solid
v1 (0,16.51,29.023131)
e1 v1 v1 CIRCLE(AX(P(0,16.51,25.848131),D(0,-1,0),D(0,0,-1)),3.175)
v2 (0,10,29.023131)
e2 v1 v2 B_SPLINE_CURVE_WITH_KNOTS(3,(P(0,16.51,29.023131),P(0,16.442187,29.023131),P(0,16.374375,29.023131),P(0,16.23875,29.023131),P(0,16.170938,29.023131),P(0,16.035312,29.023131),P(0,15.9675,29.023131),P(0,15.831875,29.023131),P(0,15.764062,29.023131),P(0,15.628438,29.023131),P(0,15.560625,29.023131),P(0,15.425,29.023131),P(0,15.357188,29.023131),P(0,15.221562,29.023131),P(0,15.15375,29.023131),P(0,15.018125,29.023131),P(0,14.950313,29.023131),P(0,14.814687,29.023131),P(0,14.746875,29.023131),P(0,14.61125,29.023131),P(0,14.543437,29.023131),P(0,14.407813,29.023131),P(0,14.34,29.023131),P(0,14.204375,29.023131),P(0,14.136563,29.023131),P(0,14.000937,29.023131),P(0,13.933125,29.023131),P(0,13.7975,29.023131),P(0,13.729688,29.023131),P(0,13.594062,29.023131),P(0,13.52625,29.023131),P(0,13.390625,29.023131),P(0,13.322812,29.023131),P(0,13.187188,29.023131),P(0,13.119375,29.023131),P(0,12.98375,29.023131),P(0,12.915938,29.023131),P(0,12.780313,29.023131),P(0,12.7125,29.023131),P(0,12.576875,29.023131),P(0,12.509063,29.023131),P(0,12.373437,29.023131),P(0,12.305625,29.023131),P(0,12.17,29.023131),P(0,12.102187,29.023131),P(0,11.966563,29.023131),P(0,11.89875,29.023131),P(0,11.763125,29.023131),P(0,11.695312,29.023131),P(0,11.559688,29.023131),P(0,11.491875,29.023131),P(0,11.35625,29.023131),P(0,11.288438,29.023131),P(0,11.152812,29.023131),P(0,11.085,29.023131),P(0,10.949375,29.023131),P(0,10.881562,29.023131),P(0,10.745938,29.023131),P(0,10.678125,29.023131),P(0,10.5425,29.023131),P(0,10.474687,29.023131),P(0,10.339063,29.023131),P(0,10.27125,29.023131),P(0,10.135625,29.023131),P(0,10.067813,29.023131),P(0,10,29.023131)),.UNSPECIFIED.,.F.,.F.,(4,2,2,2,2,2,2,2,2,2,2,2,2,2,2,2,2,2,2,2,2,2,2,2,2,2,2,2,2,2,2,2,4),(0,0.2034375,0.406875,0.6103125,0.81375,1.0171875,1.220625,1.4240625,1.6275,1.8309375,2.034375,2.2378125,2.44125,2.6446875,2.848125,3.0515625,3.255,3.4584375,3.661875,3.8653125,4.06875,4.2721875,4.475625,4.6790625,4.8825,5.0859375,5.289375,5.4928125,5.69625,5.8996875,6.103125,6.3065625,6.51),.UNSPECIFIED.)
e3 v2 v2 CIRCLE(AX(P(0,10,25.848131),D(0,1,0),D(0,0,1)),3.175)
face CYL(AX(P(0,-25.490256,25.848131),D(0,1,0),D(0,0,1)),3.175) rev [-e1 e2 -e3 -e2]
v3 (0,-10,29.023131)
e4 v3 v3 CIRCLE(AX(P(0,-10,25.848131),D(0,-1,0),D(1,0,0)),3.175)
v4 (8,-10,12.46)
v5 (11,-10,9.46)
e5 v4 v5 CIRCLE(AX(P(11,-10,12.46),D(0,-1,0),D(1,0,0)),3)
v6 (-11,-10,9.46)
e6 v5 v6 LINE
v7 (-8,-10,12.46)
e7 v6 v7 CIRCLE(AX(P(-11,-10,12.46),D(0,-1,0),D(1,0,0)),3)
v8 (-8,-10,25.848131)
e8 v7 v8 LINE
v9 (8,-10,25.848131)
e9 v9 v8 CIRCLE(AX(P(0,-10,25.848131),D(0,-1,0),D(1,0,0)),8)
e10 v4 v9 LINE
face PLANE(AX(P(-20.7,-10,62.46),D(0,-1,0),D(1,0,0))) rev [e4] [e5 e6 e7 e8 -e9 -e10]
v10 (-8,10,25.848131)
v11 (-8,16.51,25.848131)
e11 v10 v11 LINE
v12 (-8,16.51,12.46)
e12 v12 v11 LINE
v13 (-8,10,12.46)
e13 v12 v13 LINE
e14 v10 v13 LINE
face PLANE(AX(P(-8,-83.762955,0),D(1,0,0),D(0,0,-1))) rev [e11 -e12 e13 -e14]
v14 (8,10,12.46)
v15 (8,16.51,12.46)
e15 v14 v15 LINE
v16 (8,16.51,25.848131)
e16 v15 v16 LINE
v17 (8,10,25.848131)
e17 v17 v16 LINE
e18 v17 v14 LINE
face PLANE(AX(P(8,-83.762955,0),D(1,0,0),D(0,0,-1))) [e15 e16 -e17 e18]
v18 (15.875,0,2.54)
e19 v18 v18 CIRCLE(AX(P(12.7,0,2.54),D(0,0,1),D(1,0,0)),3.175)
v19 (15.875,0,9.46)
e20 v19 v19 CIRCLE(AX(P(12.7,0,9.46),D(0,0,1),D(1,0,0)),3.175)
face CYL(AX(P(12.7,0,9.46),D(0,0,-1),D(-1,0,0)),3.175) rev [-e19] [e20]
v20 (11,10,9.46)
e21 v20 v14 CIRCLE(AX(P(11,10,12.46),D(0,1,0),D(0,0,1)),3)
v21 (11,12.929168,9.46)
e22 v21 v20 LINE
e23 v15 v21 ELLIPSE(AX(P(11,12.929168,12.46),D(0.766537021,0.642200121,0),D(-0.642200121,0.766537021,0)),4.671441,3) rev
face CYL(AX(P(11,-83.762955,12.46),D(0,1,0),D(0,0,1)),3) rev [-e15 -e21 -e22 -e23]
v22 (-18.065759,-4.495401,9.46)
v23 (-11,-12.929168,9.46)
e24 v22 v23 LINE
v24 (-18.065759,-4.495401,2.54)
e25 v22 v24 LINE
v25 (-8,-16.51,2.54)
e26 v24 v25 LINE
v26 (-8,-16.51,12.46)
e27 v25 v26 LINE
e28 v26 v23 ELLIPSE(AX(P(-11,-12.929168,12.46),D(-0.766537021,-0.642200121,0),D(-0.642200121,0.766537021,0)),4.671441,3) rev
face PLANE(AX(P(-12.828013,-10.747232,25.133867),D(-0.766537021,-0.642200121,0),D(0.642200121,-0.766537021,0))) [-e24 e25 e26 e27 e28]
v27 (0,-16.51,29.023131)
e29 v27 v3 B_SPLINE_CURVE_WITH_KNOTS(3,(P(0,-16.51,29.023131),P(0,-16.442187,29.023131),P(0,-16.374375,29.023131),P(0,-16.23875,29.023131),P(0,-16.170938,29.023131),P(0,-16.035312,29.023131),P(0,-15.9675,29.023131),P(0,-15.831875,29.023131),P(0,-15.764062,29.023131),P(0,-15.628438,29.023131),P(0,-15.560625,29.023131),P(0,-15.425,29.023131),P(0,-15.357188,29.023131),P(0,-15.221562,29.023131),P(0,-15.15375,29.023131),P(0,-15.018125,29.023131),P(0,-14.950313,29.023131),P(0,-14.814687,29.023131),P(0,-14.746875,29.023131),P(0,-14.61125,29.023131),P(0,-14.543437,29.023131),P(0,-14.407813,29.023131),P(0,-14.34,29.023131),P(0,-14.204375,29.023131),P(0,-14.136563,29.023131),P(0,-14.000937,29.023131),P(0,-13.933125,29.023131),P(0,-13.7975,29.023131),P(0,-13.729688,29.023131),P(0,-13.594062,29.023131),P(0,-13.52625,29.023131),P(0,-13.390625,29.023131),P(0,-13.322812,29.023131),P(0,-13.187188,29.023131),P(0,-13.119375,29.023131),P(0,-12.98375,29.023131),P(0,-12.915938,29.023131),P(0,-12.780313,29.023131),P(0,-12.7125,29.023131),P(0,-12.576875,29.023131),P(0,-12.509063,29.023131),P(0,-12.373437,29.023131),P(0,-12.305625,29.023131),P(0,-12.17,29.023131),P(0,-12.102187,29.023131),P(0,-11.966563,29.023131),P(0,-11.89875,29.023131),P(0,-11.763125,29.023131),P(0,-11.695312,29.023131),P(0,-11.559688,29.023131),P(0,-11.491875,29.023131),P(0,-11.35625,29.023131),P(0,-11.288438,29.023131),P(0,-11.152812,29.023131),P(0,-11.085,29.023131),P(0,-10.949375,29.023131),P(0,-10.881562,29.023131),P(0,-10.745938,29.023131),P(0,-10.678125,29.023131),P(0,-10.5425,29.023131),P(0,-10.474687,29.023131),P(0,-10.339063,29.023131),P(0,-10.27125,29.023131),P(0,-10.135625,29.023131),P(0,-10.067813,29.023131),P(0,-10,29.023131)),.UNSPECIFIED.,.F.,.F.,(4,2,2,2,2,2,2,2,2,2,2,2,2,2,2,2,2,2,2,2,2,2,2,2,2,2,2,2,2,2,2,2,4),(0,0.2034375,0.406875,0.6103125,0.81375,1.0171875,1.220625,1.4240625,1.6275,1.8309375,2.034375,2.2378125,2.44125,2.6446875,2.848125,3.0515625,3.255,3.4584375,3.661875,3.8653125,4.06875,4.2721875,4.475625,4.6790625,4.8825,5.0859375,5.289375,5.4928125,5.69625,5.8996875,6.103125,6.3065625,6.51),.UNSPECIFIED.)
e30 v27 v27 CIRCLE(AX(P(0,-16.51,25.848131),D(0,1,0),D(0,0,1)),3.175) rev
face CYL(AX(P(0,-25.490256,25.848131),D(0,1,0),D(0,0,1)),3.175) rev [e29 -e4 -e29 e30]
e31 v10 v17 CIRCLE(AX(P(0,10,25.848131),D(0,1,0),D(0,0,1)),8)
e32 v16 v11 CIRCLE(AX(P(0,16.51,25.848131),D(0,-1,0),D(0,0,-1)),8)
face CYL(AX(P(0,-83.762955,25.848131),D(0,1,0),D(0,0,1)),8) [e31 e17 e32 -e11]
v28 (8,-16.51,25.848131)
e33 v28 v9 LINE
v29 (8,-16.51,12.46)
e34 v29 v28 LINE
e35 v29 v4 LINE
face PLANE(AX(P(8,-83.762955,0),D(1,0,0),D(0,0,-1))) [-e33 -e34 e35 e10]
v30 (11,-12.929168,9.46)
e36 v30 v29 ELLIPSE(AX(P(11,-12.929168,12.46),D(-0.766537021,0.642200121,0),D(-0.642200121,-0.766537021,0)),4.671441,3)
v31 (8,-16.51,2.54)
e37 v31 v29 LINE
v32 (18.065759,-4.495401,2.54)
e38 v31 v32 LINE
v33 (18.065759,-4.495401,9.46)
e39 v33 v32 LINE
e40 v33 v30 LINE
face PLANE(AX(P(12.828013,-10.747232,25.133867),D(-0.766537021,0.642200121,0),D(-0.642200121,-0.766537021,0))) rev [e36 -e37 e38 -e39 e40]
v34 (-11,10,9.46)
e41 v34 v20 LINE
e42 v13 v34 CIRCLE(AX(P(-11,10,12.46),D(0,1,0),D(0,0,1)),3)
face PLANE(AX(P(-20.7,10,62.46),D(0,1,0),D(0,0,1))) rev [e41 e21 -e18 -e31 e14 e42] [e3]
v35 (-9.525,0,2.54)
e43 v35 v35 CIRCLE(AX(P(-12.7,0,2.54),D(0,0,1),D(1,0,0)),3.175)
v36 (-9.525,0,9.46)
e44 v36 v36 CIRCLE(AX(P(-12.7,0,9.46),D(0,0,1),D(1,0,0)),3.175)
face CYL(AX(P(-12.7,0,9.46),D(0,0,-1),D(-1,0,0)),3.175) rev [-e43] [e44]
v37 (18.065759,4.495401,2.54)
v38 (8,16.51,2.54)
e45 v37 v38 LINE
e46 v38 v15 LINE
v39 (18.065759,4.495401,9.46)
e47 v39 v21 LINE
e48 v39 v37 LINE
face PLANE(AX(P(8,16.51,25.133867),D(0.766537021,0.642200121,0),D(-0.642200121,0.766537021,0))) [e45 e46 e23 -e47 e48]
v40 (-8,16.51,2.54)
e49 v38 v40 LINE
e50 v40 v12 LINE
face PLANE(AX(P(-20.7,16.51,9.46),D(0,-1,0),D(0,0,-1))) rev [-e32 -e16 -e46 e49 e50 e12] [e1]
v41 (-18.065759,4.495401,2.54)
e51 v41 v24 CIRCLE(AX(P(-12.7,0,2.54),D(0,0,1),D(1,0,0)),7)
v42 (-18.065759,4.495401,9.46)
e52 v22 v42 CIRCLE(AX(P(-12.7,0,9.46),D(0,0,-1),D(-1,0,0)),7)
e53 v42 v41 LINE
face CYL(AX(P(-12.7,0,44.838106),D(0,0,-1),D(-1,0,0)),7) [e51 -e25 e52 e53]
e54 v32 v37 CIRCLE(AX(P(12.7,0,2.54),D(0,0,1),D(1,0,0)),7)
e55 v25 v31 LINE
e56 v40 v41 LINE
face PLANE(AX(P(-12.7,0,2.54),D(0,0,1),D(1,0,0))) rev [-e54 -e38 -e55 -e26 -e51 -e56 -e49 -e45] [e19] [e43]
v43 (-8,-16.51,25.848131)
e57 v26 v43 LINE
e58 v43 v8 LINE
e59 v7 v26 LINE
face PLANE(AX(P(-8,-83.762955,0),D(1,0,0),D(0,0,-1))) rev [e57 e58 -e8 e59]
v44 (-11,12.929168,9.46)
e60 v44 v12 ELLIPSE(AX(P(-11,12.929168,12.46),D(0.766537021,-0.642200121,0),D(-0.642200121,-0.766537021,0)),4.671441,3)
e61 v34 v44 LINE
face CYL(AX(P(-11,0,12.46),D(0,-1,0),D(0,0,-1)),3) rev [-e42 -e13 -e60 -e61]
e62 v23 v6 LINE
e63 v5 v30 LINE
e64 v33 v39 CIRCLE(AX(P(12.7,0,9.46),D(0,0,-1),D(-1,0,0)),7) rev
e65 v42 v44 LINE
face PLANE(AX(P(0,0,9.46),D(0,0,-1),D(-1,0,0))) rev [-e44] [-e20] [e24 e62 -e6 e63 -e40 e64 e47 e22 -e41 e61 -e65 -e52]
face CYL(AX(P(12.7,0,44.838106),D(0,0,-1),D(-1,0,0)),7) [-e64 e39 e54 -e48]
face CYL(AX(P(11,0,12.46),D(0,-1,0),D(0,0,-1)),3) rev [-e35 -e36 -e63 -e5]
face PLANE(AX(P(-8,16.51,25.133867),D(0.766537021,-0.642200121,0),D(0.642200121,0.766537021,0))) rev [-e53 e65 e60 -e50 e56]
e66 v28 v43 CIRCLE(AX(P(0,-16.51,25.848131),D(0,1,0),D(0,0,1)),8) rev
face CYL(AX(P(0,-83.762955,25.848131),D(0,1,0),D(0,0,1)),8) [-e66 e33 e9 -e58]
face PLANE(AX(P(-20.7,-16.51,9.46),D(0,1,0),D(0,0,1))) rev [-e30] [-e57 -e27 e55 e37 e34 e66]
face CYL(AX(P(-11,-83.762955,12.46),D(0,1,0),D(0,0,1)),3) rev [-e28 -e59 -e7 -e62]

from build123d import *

# Parameters (mm, degrees)
SKETCH1_W                      = 41.4
SKETCH1_H                      = 33.02
SKETCH1_R                      = 3.175
BOSS_EXTRUDE1_DEPTH            = 9.46
SKETCH2_W                      = 41.4
SKETCH2_H                      = 6.51
BOSS_EXTRUDE2_DEPTH            = 53
CUT_EXTRUDE1_REACH             = 69.84
SKETCH4_R                      = 3.175
CUT_EXTRUDE1_DIRECTION_2_REACH = 69.84
CUT_EXTRUDE3_REACH             = 69.84
CUT_EXTRUDE3_DIRECTION_2_REACH = 69.84
CUT_EXTRUDE4_DEPTH             = 9.46
BOSS_EXTRUDE3_DEPTH            = 9.46
FILLET3_R                      = 3
CUT_EXTRUDE5_DEPTH             = 2.54


with BuildPart() as part:
    # Sketch1 → Boss-Extrude1 (new body)
    with BuildSketch(Plane.XY):
        Rectangle(SKETCH1_W, SKETCH1_H)
        with Locations((12.7, 0)):
            Circle(SKETCH1_R, mode=Mode.SUBTRACT)
        with Locations((-12.7, 0)):
            Circle(SKETCH1_R, mode=Mode.SUBTRACT)
    extrude(amount=BOSS_EXTRUDE1_DEPTH)

    # Sketch2 → Boss-Extrude2 (add)
    with BuildSketch(Plane.XY.offset(9.46)):
        with Locations((0, 13.255)):
            Rectangle(SKETCH2_W, SKETCH2_H)
        with Locations((0, -13.255)):
            Rectangle(SKETCH2_W, SKETCH2_H)
    extrude(amount=BOSS_EXTRUDE2_DEPTH)

    # Cut-Extrude1: up to this face of the body (flat: up to its plane)
    cut_extrude1_end = Plane(part.part.faces().sort_by_distance((0, -16.51, 31.23))[0])
    # Sketch4 → Cut-Extrude1 (cut, up to the picked face)
    with BuildSketch(Plane(origin=(0, 0, 0), x_dir=(1, 0, 0), z_dir=(0, 1, 0)), mode=Mode.PRIVATE) as cut_extrude1_sk1:
        with Locations(Location((0, -25.8481308, 0), (0, 0, 270))):
            Circle(SKETCH4_R)
    cut_extrude1_tool1 = split(extrude(cut_extrude1_sk1.sketch, amount=-CUT_EXTRUDE1_REACH, mode=Mode.PRIVATE), bisect_by=cut_extrude1_end, keep=Keep.BOTH, mode=Mode.PRIVATE)
    add(cut_extrude1_tool1.solids().sort_by(Axis((0, 0, 25.848131), (0, -1, 0)))[0], mode=Mode.SUBTRACT)

    # Cut-Extrude1 direction 2: up to this face of the body (flat: up to its plane)
    cut_extrude1_direction_2_end = Plane(part.part.faces().sort_by_distance((0, 16.51, 31.23))[0])
    # Sketch4 → Cut-Extrude1 direction 2 (cut, up to the picked face)
    with BuildSketch(Plane(origin=(0, 0, 0), x_dir=(1, 0, 0), z_dir=(0, 1, 0)), mode=Mode.PRIVATE) as cut_extrude1_direction_2_sk1:
        with Locations(Location((0, -25.8481308, 0), (0, 0, 270))):
            Circle(SKETCH4_R)
    cut_extrude1_direction_2_tool1 = split(extrude(cut_extrude1_direction_2_sk1.sketch, amount=CUT_EXTRUDE1_DIRECTION_2_REACH, mode=Mode.PRIVATE), bisect_by=cut_extrude1_direction_2_end, keep=Keep.BOTH, mode=Mode.PRIVATE)
    add(cut_extrude1_direction_2_tool1.solids().sort_by(Axis((0, 0, 25.848131), (0, 1, 0)))[0], mode=Mode.SUBTRACT)

    # Cut-Extrude3: up to this face of the body (flat: up to its plane)
    cut_extrude3_end = Plane(part.part.faces().sort_by_distance((0, -16.51, 31.296729805))[0])
    # Sketch6 → Cut-Extrude3 (cut, up to the picked face)
    with BuildSketch(Plane(origin=(0, 0, 0), x_dir=(1, 0, 0), z_dir=(0, 1, 0)), mode=Mode.PRIVATE) as cut_extrude3_sk1:
        with BuildLine():
            Line((-8, -25.8481308), (-8, -17.46))
            Line((-8, -17.46), (-8, -9.46))
            Line((-8, -9.46), (-16, -9.46))
            Line((-16, -9.46), (-20.7, -9.46))
            Line((-20.7, -9.46), (-20.7, -62.46))
            Line((-20.7, -62.46), (20.7, -62.46))
            Line((20.7, -62.46), (20.7, -9.46))
            Line((20.7, -9.46), (16, -9.46))
            Line((16, -9.46), (8, -9.46))
            Line((8, -9.46), (8, -17.46))
            Line((8, -17.46), (8, -25.8481308))
            ThreePointArc((8, -25.8481308), (0, -33.8481308), (-8, -25.8481308))
        make_face()
    cut_extrude3_tool1 = split(extrude(cut_extrude3_sk1.sketch, amount=-CUT_EXTRUDE3_REACH, mode=Mode.PRIVATE), bisect_by=cut_extrude3_end, keep=Keep.BOTH, mode=Mode.PRIVATE)
    add(cut_extrude3_tool1.solids().sort_by(Axis((0, 0, 38.949542), (0, -1, 0)))[0], mode=Mode.SUBTRACT)

    # Cut-Extrude3 direction 2: up to this face of the body (flat: up to its plane)
    cut_extrude3_direction_2_end = Plane(part.part.faces().sort_by_distance((0, 16.51, 31.296729805))[0])
    # Sketch6 → Cut-Extrude3 direction 2 (cut, up to the picked face)
    with BuildSketch(Plane(origin=(0, 0, 0), x_dir=(1, 0, 0), z_dir=(0, 1, 0)), mode=Mode.PRIVATE) as cut_extrude3_direction_2_sk1:
        with BuildLine():
            Line((-8, -25.8481308), (-8, -17.46))
            Line((-8, -17.46), (-8, -9.46))
            Line((-8, -9.46), (-16, -9.46))
            Line((-16, -9.46), (-20.7, -9.46))
            Line((-20.7, -9.46), (-20.7, -62.46))
            Line((-20.7, -62.46), (20.7, -62.46))
            Line((20.7, -62.46), (20.7, -9.46))
            Line((20.7, -9.46), (16, -9.46))
            Line((16, -9.46), (8, -9.46))
            Line((8, -9.46), (8, -17.46))
            Line((8, -17.46), (8, -25.8481308))
            ThreePointArc((8, -25.8481308), (0, -33.8481308), (-8, -25.8481308))
        make_face()
    cut_extrude3_direction_2_tool1 = split(extrude(cut_extrude3_direction_2_sk1.sketch, amount=CUT_EXTRUDE3_DIRECTION_2_REACH, mode=Mode.PRIVATE), bisect_by=cut_extrude3_direction_2_end, keep=Keep.BOTH, mode=Mode.PRIVATE)
    add(cut_extrude3_direction_2_tool1.solids().sort_by(Axis((0, 0, 38.949542), (0, 1, 0)))[0], mode=Mode.SUBTRACT)

    # Sketch7 → Cut-Extrude4 (cut)
    with BuildSketch(Plane.XY):
        with BuildLine():
            ThreePointArc((-12.7, -7), (-19.7, 0), (-12.7, 7))
            Line((-12.7, 7), (-8, 7))
            Line((-8, 7), (-8, 16.51))
            Line((-8, 16.51), (-20.7, 16.51))
            Line((-20.7, 16.51), (-20.7, -16.51))
            Line((-20.7, -16.51), (-8, -16.51))
            Line((-8, -16.51), (-8, -7))
            Line((-8, -7), (-12.7, -7))
        make_face()
        with BuildLine():
            Line((8, 16.51), (8, 7))
            Line((8, 7), (12.7, 7))
            ThreePointArc((12.7, 7), (19.7, 0), (12.7, -7))
            Line((12.7, -7), (8, -7))
            Line((8, -7), (8, -16.51))
            Line((8, -16.51), (20.7, -16.51))
            Line((20.7, -16.51), (20.7, 16.51))
            Line((20.7, 16.51), (8, 16.51))
        make_face()
    extrude(amount=CUT_EXTRUDE4_DEPTH, mode=Mode.SUBTRACT)

    # Sketch8 → Boss-Extrude3 (add)
    with BuildSketch(Plane.XY):
        with BuildLine():
            Line((8, -16.51), (18.065759147, -4.495400847))
            ThreePointArc((18.065759147, -4.495400847), (15.660759537, -6.343020019), (12.7, -7))
            Line((12.7, -7), (8, -7))
            Line((8, -7), (8, -16.51))
        make_face()
        with BuildLine():
            ThreePointArc((-18.065759147, -4.495400847), (-15.660759537, -6.343020019), (-12.7, -7))
            Line((-12.7, -7), (-8, -7))
            Line((-8, -7), (-8, -16.51))
            Line((-8, -16.51), (-18.065759147, -4.495400847))
        make_face()
        with BuildLine():
            Line((8, 16.51), (18.065759147, 4.495400847))
            ThreePointArc((18.065759147, 4.495400847), (15.660759537, 6.343020019), (12.7, 7))
            Line((12.7, 7), (8, 7))
            Line((8, 7), (8, 16.51))
        make_face()
        with BuildLine():
            Line((-8, 16.51), (-18.065759147, 4.495400847))
            ThreePointArc((-18.065759147, 4.495400847), (-15.660759537, 6.343020019), (-12.7, 7))
            Line((-12.7, 7), (-8, 7))
            Line((-8, 7), (-8, 16.51))
        make_face()
    extrude(amount=BOSS_EXTRUDE3_DEPTH)

    # Fillet3
    fillet3_edges = [part.edges().sort_by_distance(p)[0] for p in [
        (8, -13.255, 9.46),
        (-8, -13.255, 9.46),
        (8, 13.255, 9.46),
        (-8, 13.255, 9.46),
    ]]
    fillet(fillet3_edges, radius=FILLET3_R)

    # Sketch10 → Cut-Extrude5 (cut)
    with BuildSketch(Plane.XY):
        with BuildLine():
            Line((-8, 16.51), (-18.065759147, 4.495400847))
            ThreePointArc((-18.065759147, 4.495400847), (-19.7, 0), (-18.065759147, -4.495400847))
            Line((-18.065759147, -4.495400847), (-8, -16.51))
            Line((-8, -16.51), (8, -16.51))
            Line((8, -16.51), (18.065759147, -4.495400847))
            ThreePointArc((18.065759147, -4.495400847), (19.7, 0), (18.065759147, 4.495400847))
            Line((18.065759147, 4.495400847), (8, 16.51))
            Line((8, 16.51), (-8, 16.51))
        make_face()
    extrude(amount=CUT_EXTRUDE5_DEPTH, mode=Mode.SUBTRACT)


solid = part.part
